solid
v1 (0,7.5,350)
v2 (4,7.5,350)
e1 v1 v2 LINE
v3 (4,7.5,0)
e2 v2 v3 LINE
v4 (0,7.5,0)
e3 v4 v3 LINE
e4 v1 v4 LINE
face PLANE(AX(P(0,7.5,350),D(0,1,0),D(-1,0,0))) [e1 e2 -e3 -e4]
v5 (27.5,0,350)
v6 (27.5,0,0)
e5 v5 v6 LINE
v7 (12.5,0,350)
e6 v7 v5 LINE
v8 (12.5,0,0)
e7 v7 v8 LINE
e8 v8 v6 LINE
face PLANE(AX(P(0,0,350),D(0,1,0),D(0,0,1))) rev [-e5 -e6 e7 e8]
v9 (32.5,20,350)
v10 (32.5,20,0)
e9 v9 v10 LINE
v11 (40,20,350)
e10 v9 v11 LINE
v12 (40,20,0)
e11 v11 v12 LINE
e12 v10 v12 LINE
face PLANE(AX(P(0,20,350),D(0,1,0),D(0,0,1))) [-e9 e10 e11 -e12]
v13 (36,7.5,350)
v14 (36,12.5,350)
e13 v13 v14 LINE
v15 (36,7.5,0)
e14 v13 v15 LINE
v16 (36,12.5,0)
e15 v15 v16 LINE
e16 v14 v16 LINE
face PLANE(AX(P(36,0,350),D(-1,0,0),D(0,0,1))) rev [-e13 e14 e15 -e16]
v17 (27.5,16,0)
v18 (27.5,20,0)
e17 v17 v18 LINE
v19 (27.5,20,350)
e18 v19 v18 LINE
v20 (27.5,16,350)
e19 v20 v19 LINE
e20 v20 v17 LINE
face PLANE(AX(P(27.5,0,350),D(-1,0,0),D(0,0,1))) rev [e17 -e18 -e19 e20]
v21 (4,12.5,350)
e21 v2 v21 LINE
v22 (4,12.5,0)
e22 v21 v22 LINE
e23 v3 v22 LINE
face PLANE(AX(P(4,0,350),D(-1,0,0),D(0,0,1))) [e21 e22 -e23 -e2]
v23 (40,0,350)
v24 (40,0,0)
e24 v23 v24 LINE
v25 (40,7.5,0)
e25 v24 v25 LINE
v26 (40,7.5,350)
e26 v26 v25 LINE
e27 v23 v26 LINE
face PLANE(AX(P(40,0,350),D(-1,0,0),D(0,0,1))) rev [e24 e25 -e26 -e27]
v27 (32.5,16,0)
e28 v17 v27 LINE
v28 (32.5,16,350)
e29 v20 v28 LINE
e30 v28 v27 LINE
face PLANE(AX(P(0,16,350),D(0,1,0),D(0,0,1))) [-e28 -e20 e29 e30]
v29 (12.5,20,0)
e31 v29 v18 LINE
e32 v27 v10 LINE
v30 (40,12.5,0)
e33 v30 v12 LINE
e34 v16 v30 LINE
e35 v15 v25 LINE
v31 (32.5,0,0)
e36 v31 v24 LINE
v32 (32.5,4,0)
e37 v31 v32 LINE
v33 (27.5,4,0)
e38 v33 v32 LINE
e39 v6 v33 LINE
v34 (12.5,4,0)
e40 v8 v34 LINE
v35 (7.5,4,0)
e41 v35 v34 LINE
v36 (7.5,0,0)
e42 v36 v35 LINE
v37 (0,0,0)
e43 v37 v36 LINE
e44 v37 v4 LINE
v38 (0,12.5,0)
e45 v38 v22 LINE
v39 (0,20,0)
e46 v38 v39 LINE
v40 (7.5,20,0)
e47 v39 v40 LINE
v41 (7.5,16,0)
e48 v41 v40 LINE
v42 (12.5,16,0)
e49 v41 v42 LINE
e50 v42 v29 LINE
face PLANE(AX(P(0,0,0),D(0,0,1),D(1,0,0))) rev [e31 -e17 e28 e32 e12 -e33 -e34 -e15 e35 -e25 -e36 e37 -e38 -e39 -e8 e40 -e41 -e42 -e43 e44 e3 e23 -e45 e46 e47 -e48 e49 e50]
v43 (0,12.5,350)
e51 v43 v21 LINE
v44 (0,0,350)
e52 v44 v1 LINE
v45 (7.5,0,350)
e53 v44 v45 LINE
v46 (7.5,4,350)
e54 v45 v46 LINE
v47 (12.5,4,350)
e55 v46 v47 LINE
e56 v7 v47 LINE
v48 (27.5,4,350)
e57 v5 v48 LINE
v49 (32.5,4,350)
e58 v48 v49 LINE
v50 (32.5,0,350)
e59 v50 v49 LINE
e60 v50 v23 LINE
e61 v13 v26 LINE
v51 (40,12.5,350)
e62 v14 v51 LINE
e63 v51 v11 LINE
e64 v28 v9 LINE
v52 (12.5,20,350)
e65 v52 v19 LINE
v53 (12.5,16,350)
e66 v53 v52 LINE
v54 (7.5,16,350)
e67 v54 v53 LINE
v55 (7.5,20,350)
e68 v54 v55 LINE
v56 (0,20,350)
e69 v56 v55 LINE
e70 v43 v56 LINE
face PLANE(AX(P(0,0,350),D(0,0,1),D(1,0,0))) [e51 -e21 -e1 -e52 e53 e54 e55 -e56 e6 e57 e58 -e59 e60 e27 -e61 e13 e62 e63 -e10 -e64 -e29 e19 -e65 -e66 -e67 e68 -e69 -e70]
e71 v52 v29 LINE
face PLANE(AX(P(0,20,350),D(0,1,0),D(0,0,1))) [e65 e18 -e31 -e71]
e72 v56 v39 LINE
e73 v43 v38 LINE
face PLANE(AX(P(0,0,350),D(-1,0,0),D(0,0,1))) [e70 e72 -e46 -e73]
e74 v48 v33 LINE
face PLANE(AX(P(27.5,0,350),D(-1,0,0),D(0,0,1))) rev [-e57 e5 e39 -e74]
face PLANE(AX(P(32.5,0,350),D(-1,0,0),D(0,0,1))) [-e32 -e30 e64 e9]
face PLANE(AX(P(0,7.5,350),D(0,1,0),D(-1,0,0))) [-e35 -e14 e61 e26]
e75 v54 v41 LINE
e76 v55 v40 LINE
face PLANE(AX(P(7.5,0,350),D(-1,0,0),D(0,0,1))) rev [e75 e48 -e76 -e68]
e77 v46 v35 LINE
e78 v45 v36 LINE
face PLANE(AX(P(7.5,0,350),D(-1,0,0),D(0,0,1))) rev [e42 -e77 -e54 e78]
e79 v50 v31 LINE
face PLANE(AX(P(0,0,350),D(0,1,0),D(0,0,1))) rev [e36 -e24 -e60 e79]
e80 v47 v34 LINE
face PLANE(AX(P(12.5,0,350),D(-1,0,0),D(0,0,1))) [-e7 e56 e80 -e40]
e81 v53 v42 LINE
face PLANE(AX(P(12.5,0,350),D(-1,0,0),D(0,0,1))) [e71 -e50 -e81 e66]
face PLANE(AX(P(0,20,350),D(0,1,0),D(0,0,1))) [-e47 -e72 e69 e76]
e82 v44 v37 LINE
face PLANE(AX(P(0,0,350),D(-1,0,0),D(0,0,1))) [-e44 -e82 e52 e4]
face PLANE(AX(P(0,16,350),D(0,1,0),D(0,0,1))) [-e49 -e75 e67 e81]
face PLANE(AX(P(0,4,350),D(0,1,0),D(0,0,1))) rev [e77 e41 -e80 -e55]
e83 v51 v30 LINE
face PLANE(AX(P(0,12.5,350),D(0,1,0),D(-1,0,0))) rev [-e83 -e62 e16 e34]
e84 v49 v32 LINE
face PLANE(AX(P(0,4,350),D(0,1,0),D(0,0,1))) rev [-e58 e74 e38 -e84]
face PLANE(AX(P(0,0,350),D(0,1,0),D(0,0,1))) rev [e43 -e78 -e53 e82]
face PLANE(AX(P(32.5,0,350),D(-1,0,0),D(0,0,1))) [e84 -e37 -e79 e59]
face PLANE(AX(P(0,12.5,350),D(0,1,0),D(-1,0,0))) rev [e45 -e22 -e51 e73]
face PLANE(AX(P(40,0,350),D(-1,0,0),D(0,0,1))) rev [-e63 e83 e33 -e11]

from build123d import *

# Parameters (mm, degrees)
ESQUISSE1_W        = 3.5
ESQUISSE1_H        = 5
ESQUISSE1_W_2      = 5
ESQUISSE1_H_2      = 3.5
ESQUISSE1_W_3      = 4
BOSS_EXTRU_1_DEPTH = 350


with BuildPart() as part:
    # Esquisse1 → Boss.-Extru.1 (new body)
    with BuildSketch(Plane.XY):
        Polygon((7.5, 16), (7.5, 20), (0, 20), (4, 16), align=None)
        Polygon((4, 16), (0, 20), (0, 12.5), (4, 12.5), align=None)
        Polygon((4, 7.5), (0, 7.5), (0, 0), (4, 4), align=None)
        Polygon((0, 0), (7.5, 0), (7.5, 4), (4, 4), align=None)
        Polygon((4, 4), (7.5, 7.5), (4, 7.5), align=None)
        Polygon((7.5, 4), (7.5, 7.5), (4, 4), align=None)
        Polygon((4, 12.5), (7.5, 12.5), (4, 16), align=None)
        Polygon((7.5, 12.5), (7.5, 16), (4, 16), align=None)
        with Locations((5.75, 10)):
            Rectangle(ESQUISSE1_W, ESQUISSE1_H)
        Polygon((7.5, 7.5), (10, 10), (7.5, 12.5), align=None)
        Polygon((10, 10), (12.5, 12.5), (7.5, 12.5), align=None)
        Polygon((12.5, 7.5), (12.5, 12.5), (10, 10), align=None)
        Polygon((12.5, 7.5), (10, 10), (7.5, 7.5), align=None)
        Polygon((16, 4), (12.5, 7.5), (12.5, 4), align=None)
        Polygon((16, 4), (16, 7.5), (12.5, 7.5), align=None)
        Polygon((20, 0), (20, 7.5), (16, 7.5), (16, 4), align=None)
        with Locations((10, 14.25)):
            Rectangle(ESQUISSE1_W_2, ESQUISSE1_H_2)
        with Locations((14.25, 10)):
            Rectangle(ESQUISSE1_W, ESQUISSE1_H)
        Polygon((12.5, 12.5), (16, 16), (12.5, 16), align=None)
        Polygon((16, 16), (20, 20), (12.5, 20), (12.5, 16), align=None)
        Polygon((16, 12.5), (16, 16), (12.5, 12.5), align=None)
        Polygon((20, 12.5), (20, 20), (16, 16), (16, 12.5), align=None)
        Polygon((12.5, 0), (20, 0), (16, 4), (12.5, 4), align=None)
        with Locations((10, 5.75)):
            Rectangle(ESQUISSE1_W_2, ESQUISSE1_H_2)
        with Locations((18, 10)):
            Rectangle(ESQUISSE1_W_3, ESQUISSE1_H)
        with Locations((22, 10)):
            Rectangle(ESQUISSE1_W_3, ESQUISSE1_H)
        Polygon((24, 16), (20, 20), (20, 12.5), (24, 12.5), align=None)
        Polygon((27.5, 20), (20, 20), (24, 16), (27.5, 16), align=None)
        Polygon((27.5, 12.5), (24, 16), (24, 12.5), align=None)
        Polygon((27.5, 16), (24, 16), (27.5, 12.5), align=None)
        with Locations((25.75, 10)):
            Rectangle(ESQUISSE1_W, ESQUISSE1_H)
        Polygon((27.5, 7.5), (24, 7.5), (24, 4), align=None)
        Polygon((24, 7.5), (20, 7.5), (20, 0), (24, 4), align=None)
        Polygon((24, 4), (20, 0), (27.5, 0), (27.5, 4), align=None)
        Polygon((27.5, 4), (27.5, 7.5), (24, 4), align=None)
        with Locations((30, 5.75)):
            Rectangle(ESQUISSE1_W_2, ESQUISSE1_H_2)
        Polygon((36, 4), (32.5, 7.5), (32.5, 4), align=None)
        Polygon((36, 7.5), (32.5, 7.5), (36, 4), align=None)
        Polygon((40, 0), (40, 7.5), (36, 7.5), (36, 4), align=None)
        Polygon((32.5, 4), (32.5, 0), (40, 0), (36, 4), align=None)
        with Locations((34.25, 10)):
            Rectangle(ESQUISSE1_W, ESQUISSE1_H)
        Polygon((32.5, 12.5), (30, 10), (32.5, 7.5), align=None)
        Polygon((32.5, 7.5), (30, 10), (27.5, 7.5), align=None)
        Polygon((30, 10), (27.5, 12.5), (27.5, 7.5), align=None)
        Polygon((32.5, 12.5), (27.5, 12.5), (30, 10), align=None)
        Polygon((36, 16), (32.5, 12.5), (36, 12.5), align=None)
        Polygon((36, 16), (32.5, 16), (32.5, 12.5), align=None)
        Polygon((40, 20), (32.5, 20), (32.5, 16), (36, 16), align=None)
        Polygon((40, 12.5), (40, 20), (36, 16), (36, 12.5), align=None)
        with Locations((30, 14.25)):
            Rectangle(ESQUISSE1_W_2, ESQUISSE1_H_2)
    extrude(amount=BOSS_EXTRU_1_DEPTH)


solid = part.part
